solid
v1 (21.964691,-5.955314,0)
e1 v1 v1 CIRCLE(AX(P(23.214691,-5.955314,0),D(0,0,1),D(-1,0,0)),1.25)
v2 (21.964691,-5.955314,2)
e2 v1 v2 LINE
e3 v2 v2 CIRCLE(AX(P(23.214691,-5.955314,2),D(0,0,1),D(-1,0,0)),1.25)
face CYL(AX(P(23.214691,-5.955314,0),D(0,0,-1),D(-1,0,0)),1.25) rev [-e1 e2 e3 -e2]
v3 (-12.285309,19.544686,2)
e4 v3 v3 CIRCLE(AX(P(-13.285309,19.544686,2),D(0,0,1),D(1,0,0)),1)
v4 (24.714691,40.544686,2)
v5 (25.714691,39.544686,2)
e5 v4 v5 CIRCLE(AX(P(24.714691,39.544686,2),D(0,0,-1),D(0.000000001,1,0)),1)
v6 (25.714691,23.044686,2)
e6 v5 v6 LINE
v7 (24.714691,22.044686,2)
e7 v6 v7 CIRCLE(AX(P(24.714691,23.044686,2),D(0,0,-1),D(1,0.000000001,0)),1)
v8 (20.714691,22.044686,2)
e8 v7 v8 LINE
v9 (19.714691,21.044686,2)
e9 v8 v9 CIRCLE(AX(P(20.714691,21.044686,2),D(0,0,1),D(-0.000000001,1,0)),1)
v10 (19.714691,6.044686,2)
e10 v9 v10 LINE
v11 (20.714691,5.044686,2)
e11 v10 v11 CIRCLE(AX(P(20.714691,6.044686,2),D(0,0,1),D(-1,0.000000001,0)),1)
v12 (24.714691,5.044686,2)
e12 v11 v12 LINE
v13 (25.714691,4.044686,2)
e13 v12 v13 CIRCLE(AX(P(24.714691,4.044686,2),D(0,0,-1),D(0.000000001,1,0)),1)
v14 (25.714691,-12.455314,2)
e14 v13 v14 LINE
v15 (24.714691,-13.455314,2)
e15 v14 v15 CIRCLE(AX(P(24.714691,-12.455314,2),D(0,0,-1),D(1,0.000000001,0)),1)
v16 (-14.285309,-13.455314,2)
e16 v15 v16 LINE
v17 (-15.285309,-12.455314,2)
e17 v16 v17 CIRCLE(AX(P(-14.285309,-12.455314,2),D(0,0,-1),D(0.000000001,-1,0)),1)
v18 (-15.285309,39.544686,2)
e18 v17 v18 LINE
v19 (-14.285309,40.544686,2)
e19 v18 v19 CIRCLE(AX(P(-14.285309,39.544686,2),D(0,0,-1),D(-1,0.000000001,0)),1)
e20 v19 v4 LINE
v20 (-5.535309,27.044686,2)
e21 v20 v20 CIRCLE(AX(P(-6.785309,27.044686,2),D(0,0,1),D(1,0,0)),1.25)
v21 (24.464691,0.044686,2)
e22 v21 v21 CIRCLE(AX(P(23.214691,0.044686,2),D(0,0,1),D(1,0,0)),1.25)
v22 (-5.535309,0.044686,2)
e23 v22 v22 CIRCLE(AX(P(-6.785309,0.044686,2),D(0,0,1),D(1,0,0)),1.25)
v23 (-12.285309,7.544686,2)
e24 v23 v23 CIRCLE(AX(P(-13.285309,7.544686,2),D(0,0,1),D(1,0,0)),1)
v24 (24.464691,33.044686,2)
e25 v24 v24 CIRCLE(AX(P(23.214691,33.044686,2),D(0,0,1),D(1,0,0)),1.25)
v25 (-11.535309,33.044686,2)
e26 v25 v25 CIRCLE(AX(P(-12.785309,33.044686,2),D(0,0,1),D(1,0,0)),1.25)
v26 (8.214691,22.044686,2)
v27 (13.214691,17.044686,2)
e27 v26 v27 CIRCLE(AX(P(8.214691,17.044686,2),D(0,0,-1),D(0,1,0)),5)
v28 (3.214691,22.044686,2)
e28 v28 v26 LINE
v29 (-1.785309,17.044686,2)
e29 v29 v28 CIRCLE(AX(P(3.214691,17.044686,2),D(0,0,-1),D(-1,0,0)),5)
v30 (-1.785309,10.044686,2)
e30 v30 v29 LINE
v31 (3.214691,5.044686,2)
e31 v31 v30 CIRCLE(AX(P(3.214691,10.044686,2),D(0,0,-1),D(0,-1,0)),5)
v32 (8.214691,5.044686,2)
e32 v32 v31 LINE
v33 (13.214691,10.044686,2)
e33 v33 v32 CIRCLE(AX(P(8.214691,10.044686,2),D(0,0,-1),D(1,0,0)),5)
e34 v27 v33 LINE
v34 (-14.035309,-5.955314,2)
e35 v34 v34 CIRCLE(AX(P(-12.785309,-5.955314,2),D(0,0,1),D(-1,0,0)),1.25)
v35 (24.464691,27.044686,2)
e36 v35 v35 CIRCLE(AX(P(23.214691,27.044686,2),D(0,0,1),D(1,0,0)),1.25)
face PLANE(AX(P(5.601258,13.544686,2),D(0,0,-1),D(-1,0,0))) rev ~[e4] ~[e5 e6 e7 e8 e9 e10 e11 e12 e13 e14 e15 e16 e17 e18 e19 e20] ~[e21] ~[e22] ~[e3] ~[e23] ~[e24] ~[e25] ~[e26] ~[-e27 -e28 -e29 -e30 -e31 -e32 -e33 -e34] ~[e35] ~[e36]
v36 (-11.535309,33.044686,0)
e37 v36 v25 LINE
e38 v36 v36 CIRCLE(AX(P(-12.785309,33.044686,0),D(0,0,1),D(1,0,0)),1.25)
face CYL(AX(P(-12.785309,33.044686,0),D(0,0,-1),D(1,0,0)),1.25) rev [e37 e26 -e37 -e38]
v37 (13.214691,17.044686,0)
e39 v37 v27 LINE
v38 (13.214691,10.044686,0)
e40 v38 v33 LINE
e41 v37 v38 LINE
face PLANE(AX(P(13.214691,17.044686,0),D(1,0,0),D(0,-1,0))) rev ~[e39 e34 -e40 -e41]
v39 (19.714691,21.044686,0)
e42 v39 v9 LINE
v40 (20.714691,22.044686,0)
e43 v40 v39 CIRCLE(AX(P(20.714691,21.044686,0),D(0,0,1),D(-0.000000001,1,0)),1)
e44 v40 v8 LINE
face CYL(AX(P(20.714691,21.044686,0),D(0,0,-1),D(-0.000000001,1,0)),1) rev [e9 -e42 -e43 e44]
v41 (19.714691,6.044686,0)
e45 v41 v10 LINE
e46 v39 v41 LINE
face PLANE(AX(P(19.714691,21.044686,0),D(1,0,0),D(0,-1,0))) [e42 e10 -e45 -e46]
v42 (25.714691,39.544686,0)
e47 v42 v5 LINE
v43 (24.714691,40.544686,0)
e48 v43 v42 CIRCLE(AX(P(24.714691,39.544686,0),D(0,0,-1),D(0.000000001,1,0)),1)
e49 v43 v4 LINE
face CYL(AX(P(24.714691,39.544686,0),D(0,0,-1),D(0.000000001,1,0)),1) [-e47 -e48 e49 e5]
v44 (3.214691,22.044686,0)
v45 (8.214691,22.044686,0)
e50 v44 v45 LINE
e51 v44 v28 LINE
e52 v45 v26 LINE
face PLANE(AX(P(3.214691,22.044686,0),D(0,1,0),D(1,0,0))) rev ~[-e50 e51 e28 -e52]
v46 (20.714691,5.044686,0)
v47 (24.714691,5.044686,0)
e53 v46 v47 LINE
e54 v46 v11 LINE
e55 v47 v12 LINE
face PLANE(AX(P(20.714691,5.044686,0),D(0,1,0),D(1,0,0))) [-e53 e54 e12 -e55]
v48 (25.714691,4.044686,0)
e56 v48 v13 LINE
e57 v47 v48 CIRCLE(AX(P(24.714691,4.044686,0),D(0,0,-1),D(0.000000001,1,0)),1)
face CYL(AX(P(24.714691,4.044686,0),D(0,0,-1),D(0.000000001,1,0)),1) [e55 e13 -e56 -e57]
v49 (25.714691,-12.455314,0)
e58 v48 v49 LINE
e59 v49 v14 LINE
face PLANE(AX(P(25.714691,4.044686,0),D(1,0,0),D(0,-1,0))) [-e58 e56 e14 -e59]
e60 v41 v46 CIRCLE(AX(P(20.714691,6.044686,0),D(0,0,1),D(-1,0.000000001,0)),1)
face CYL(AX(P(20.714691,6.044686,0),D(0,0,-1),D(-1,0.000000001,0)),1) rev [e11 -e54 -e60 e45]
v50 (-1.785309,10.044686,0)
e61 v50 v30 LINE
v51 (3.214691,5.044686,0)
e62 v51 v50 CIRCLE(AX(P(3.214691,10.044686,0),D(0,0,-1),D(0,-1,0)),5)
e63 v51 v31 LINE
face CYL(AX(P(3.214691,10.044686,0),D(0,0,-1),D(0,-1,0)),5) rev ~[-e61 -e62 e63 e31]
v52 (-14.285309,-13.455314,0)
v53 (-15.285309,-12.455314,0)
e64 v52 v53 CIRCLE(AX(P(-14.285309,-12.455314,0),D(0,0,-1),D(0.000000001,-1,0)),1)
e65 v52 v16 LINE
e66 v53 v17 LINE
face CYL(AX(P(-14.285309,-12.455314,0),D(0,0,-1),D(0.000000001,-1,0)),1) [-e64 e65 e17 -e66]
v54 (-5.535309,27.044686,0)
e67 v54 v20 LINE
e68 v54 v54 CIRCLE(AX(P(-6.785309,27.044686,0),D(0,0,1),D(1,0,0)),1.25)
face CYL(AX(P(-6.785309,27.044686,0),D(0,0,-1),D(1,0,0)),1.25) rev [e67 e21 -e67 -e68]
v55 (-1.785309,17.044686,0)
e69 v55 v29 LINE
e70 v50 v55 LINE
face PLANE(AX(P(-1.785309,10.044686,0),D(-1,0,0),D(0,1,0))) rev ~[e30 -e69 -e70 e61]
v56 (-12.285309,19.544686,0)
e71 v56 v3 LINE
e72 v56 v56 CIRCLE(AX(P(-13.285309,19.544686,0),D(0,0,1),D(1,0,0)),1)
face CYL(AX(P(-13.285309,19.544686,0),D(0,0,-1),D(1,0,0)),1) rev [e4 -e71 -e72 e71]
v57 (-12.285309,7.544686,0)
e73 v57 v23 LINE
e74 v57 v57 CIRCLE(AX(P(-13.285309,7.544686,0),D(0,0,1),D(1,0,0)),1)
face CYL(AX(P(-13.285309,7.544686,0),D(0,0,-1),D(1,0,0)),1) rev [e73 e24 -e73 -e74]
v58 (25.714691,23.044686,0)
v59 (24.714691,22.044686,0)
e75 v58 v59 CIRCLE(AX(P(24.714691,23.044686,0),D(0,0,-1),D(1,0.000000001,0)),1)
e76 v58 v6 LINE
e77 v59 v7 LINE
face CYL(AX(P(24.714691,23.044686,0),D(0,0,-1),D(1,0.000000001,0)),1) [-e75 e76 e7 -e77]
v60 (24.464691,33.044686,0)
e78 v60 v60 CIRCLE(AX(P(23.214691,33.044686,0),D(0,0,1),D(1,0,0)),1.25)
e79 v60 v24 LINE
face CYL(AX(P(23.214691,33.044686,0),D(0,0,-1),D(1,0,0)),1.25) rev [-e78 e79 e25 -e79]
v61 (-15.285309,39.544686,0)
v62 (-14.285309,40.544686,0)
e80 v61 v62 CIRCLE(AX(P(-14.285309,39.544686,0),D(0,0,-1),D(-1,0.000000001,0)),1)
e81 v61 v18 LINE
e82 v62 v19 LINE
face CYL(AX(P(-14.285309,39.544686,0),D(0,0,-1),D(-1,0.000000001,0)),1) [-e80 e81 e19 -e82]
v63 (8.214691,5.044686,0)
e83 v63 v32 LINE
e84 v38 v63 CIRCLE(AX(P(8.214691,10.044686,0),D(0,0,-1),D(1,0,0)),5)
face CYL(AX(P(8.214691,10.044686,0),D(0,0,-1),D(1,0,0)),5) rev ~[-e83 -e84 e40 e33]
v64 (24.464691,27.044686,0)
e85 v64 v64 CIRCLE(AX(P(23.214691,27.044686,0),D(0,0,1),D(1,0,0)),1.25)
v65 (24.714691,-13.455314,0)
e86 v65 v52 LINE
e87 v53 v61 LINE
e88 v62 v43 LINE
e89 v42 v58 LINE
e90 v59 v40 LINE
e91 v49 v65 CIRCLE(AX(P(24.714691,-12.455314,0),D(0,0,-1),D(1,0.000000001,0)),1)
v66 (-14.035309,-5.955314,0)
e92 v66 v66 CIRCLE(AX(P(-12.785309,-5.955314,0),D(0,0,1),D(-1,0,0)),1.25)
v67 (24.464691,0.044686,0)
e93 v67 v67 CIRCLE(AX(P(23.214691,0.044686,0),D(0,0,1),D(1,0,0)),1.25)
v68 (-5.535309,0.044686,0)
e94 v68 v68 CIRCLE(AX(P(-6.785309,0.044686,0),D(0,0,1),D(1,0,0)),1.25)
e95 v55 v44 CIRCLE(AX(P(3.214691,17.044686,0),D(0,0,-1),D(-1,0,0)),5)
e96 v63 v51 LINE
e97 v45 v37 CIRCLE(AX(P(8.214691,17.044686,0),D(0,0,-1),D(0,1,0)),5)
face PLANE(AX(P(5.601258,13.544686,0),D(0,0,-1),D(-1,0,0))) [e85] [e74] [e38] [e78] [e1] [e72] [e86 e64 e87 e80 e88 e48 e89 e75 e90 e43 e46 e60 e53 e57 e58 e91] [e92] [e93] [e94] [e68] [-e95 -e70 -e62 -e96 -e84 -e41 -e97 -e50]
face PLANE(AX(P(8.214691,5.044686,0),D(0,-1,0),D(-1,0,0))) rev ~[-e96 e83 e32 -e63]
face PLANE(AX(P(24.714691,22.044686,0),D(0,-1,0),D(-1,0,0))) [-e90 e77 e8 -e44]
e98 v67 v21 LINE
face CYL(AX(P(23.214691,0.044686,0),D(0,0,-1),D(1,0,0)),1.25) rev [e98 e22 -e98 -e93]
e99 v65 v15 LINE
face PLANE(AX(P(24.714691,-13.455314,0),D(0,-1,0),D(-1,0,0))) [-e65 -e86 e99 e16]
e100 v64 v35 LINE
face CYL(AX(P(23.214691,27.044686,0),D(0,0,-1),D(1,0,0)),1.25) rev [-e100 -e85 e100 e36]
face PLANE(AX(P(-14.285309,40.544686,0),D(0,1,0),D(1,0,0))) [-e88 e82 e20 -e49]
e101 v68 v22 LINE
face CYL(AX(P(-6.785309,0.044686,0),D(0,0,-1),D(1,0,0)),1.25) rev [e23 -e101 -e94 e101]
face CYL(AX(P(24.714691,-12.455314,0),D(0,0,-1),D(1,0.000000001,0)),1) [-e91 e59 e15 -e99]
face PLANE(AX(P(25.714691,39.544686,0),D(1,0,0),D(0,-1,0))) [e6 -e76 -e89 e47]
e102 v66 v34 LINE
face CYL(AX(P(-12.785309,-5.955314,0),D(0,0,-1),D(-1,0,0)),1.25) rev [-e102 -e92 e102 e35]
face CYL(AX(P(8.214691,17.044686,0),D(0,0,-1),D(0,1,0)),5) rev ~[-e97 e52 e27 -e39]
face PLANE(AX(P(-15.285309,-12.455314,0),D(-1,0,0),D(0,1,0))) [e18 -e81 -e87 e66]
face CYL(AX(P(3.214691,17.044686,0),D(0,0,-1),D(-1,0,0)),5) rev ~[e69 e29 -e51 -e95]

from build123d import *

# Parameters (mm, degrees)
SKETCH_1_R      = 1.25
SKETCH_1_R_2    = 1
EXTRUDE_1_DEPTH = 2


with BuildPart() as part:
    # 草圖1 → 填料-伸長1 (new body)
    with BuildSketch(Plane.XY):
        with BuildLine():
            Line((25.714690816, 4.04468624), (25.714690816, -0.95531376))
            Line((25.714690816, -0.95531376), (25.714690816, -12.45531376))
            ThreePointArc((25.714690816, -12.45531376), (25.421797597, -13.162420542), (24.714690816, -13.45531376))
            Line((24.714690816, -13.45531376), (-14.285309184, -13.45531376))
            ThreePointArc((-14.285309184, -13.45531376), (-14.992415965, -13.162420542), (-15.285309184, -12.45531376))
            Line((-15.285309184, -12.45531376), (-15.285309184, 3.54468624))
            Line((-15.285309184, 3.54468624), (-15.285309184, 23.54468624))
            Line((-15.285309184, 23.54468624), (-15.285309184, 39.54468624))
            ThreePointArc((-15.285309184, 39.54468624), (-14.992415965, 40.251793021), (-14.285309184, 40.54468624))
            Line((-14.285309184, 40.54468624), (24.714690816, 40.54468624))
            ThreePointArc((24.714690816, 40.54468624), (25.421797597, 40.251793021), (25.714690816, 39.54468624))
            Line((25.714690816, 39.54468624), (25.714690816, 28.54468624))
            Line((25.714690816, 28.54468624), (25.714690816, 23.04468624))
            ThreePointArc((25.714690816, 23.04468624), (25.421797597, 22.337579458), (24.714690816, 22.04468624))
            Line((24.714690816, 22.04468624), (20.714690816, 22.04468624))
            ThreePointArc((20.714690816, 22.04468624), (20.007584035, 21.751793021), (19.714690816, 21.04468624))
            Line((19.714690816, 21.04468624), (19.714690816, 6.04468624))
            ThreePointArc((19.714690816, 6.04468624), (20.007584035, 5.337579458), (20.714690816, 5.04468624))
            Line((20.714690816, 5.04468624), (24.714690816, 5.04468624))
            ThreePointArc((24.714690816, 5.04468624), (25.421797597, 4.751793021), (25.714690816, 4.04468624))
        make_face()
        with Locations((-6.785309184, 27.04468624)):
            Circle(SKETCH_1_R, mode=Mode.SUBTRACT)
        with Locations((23.214690816, 27.04468624)):
            Circle(SKETCH_1_R, mode=Mode.SUBTRACT)
        with Locations((-6.785309184, 0.04468624)):
            Circle(SKETCH_1_R, mode=Mode.SUBTRACT)
        with Locations((23.214690816, 0.04468624)):
            Circle(SKETCH_1_R, mode=Mode.SUBTRACT)
        with Locations((-12.785309184, 33.04468624)):
            Circle(SKETCH_1_R, mode=Mode.SUBTRACT)
        with Locations((23.214690816, 33.04468624)):
            Circle(SKETCH_1_R, mode=Mode.SUBTRACT)
        with Locations(Location((23.214690816, -5.95531376, 0), (0, 0, 180))):
            Circle(SKETCH_1_R, mode=Mode.SUBTRACT)
        with Locations(Location((-12.785309184, -5.95531376, 0), (0, 0, 180))):
            Circle(SKETCH_1_R, mode=Mode.SUBTRACT)
        with Locations((-13.285309184, 19.54468624)):
            Circle(SKETCH_1_R_2, mode=Mode.SUBTRACT)
        with Locations((-13.285309184, 7.54468624)):
            Circle(SKETCH_1_R_2, mode=Mode.SUBTRACT)
        with BuildLine():
            Line((3.214690816, 22.04468624), (8.214690816, 22.04468624))
            ThreePointArc((8.214690816, 22.04468624), (11.750224722, 20.580220146), (13.214690816, 17.04468624))
            Line((13.214690816, 17.04468624), (13.214690816, 10.04468624))
            ThreePointArc((13.214690816, 10.04468624), (11.750224722, 6.509152334), (8.214690816, 5.04468624))
            Line((8.214690816, 5.04468624), (3.214690816, 5.04468624))
            ThreePointArc((3.214690816, 5.04468624), (-0.32084309, 6.509152334), (-1.785309184, 10.04468624))
            Line((-1.785309184, 10.04468624), (-1.785309184, 17.04468624))
            ThreePointArc((-1.785309184, 17.04468624), (-0.32084309, 20.580220146), (3.214690816, 22.04468624))
        make_face(mode=Mode.SUBTRACT)
    extrude(amount=EXTRUDE_1_DEPTH)


solid = part.part
